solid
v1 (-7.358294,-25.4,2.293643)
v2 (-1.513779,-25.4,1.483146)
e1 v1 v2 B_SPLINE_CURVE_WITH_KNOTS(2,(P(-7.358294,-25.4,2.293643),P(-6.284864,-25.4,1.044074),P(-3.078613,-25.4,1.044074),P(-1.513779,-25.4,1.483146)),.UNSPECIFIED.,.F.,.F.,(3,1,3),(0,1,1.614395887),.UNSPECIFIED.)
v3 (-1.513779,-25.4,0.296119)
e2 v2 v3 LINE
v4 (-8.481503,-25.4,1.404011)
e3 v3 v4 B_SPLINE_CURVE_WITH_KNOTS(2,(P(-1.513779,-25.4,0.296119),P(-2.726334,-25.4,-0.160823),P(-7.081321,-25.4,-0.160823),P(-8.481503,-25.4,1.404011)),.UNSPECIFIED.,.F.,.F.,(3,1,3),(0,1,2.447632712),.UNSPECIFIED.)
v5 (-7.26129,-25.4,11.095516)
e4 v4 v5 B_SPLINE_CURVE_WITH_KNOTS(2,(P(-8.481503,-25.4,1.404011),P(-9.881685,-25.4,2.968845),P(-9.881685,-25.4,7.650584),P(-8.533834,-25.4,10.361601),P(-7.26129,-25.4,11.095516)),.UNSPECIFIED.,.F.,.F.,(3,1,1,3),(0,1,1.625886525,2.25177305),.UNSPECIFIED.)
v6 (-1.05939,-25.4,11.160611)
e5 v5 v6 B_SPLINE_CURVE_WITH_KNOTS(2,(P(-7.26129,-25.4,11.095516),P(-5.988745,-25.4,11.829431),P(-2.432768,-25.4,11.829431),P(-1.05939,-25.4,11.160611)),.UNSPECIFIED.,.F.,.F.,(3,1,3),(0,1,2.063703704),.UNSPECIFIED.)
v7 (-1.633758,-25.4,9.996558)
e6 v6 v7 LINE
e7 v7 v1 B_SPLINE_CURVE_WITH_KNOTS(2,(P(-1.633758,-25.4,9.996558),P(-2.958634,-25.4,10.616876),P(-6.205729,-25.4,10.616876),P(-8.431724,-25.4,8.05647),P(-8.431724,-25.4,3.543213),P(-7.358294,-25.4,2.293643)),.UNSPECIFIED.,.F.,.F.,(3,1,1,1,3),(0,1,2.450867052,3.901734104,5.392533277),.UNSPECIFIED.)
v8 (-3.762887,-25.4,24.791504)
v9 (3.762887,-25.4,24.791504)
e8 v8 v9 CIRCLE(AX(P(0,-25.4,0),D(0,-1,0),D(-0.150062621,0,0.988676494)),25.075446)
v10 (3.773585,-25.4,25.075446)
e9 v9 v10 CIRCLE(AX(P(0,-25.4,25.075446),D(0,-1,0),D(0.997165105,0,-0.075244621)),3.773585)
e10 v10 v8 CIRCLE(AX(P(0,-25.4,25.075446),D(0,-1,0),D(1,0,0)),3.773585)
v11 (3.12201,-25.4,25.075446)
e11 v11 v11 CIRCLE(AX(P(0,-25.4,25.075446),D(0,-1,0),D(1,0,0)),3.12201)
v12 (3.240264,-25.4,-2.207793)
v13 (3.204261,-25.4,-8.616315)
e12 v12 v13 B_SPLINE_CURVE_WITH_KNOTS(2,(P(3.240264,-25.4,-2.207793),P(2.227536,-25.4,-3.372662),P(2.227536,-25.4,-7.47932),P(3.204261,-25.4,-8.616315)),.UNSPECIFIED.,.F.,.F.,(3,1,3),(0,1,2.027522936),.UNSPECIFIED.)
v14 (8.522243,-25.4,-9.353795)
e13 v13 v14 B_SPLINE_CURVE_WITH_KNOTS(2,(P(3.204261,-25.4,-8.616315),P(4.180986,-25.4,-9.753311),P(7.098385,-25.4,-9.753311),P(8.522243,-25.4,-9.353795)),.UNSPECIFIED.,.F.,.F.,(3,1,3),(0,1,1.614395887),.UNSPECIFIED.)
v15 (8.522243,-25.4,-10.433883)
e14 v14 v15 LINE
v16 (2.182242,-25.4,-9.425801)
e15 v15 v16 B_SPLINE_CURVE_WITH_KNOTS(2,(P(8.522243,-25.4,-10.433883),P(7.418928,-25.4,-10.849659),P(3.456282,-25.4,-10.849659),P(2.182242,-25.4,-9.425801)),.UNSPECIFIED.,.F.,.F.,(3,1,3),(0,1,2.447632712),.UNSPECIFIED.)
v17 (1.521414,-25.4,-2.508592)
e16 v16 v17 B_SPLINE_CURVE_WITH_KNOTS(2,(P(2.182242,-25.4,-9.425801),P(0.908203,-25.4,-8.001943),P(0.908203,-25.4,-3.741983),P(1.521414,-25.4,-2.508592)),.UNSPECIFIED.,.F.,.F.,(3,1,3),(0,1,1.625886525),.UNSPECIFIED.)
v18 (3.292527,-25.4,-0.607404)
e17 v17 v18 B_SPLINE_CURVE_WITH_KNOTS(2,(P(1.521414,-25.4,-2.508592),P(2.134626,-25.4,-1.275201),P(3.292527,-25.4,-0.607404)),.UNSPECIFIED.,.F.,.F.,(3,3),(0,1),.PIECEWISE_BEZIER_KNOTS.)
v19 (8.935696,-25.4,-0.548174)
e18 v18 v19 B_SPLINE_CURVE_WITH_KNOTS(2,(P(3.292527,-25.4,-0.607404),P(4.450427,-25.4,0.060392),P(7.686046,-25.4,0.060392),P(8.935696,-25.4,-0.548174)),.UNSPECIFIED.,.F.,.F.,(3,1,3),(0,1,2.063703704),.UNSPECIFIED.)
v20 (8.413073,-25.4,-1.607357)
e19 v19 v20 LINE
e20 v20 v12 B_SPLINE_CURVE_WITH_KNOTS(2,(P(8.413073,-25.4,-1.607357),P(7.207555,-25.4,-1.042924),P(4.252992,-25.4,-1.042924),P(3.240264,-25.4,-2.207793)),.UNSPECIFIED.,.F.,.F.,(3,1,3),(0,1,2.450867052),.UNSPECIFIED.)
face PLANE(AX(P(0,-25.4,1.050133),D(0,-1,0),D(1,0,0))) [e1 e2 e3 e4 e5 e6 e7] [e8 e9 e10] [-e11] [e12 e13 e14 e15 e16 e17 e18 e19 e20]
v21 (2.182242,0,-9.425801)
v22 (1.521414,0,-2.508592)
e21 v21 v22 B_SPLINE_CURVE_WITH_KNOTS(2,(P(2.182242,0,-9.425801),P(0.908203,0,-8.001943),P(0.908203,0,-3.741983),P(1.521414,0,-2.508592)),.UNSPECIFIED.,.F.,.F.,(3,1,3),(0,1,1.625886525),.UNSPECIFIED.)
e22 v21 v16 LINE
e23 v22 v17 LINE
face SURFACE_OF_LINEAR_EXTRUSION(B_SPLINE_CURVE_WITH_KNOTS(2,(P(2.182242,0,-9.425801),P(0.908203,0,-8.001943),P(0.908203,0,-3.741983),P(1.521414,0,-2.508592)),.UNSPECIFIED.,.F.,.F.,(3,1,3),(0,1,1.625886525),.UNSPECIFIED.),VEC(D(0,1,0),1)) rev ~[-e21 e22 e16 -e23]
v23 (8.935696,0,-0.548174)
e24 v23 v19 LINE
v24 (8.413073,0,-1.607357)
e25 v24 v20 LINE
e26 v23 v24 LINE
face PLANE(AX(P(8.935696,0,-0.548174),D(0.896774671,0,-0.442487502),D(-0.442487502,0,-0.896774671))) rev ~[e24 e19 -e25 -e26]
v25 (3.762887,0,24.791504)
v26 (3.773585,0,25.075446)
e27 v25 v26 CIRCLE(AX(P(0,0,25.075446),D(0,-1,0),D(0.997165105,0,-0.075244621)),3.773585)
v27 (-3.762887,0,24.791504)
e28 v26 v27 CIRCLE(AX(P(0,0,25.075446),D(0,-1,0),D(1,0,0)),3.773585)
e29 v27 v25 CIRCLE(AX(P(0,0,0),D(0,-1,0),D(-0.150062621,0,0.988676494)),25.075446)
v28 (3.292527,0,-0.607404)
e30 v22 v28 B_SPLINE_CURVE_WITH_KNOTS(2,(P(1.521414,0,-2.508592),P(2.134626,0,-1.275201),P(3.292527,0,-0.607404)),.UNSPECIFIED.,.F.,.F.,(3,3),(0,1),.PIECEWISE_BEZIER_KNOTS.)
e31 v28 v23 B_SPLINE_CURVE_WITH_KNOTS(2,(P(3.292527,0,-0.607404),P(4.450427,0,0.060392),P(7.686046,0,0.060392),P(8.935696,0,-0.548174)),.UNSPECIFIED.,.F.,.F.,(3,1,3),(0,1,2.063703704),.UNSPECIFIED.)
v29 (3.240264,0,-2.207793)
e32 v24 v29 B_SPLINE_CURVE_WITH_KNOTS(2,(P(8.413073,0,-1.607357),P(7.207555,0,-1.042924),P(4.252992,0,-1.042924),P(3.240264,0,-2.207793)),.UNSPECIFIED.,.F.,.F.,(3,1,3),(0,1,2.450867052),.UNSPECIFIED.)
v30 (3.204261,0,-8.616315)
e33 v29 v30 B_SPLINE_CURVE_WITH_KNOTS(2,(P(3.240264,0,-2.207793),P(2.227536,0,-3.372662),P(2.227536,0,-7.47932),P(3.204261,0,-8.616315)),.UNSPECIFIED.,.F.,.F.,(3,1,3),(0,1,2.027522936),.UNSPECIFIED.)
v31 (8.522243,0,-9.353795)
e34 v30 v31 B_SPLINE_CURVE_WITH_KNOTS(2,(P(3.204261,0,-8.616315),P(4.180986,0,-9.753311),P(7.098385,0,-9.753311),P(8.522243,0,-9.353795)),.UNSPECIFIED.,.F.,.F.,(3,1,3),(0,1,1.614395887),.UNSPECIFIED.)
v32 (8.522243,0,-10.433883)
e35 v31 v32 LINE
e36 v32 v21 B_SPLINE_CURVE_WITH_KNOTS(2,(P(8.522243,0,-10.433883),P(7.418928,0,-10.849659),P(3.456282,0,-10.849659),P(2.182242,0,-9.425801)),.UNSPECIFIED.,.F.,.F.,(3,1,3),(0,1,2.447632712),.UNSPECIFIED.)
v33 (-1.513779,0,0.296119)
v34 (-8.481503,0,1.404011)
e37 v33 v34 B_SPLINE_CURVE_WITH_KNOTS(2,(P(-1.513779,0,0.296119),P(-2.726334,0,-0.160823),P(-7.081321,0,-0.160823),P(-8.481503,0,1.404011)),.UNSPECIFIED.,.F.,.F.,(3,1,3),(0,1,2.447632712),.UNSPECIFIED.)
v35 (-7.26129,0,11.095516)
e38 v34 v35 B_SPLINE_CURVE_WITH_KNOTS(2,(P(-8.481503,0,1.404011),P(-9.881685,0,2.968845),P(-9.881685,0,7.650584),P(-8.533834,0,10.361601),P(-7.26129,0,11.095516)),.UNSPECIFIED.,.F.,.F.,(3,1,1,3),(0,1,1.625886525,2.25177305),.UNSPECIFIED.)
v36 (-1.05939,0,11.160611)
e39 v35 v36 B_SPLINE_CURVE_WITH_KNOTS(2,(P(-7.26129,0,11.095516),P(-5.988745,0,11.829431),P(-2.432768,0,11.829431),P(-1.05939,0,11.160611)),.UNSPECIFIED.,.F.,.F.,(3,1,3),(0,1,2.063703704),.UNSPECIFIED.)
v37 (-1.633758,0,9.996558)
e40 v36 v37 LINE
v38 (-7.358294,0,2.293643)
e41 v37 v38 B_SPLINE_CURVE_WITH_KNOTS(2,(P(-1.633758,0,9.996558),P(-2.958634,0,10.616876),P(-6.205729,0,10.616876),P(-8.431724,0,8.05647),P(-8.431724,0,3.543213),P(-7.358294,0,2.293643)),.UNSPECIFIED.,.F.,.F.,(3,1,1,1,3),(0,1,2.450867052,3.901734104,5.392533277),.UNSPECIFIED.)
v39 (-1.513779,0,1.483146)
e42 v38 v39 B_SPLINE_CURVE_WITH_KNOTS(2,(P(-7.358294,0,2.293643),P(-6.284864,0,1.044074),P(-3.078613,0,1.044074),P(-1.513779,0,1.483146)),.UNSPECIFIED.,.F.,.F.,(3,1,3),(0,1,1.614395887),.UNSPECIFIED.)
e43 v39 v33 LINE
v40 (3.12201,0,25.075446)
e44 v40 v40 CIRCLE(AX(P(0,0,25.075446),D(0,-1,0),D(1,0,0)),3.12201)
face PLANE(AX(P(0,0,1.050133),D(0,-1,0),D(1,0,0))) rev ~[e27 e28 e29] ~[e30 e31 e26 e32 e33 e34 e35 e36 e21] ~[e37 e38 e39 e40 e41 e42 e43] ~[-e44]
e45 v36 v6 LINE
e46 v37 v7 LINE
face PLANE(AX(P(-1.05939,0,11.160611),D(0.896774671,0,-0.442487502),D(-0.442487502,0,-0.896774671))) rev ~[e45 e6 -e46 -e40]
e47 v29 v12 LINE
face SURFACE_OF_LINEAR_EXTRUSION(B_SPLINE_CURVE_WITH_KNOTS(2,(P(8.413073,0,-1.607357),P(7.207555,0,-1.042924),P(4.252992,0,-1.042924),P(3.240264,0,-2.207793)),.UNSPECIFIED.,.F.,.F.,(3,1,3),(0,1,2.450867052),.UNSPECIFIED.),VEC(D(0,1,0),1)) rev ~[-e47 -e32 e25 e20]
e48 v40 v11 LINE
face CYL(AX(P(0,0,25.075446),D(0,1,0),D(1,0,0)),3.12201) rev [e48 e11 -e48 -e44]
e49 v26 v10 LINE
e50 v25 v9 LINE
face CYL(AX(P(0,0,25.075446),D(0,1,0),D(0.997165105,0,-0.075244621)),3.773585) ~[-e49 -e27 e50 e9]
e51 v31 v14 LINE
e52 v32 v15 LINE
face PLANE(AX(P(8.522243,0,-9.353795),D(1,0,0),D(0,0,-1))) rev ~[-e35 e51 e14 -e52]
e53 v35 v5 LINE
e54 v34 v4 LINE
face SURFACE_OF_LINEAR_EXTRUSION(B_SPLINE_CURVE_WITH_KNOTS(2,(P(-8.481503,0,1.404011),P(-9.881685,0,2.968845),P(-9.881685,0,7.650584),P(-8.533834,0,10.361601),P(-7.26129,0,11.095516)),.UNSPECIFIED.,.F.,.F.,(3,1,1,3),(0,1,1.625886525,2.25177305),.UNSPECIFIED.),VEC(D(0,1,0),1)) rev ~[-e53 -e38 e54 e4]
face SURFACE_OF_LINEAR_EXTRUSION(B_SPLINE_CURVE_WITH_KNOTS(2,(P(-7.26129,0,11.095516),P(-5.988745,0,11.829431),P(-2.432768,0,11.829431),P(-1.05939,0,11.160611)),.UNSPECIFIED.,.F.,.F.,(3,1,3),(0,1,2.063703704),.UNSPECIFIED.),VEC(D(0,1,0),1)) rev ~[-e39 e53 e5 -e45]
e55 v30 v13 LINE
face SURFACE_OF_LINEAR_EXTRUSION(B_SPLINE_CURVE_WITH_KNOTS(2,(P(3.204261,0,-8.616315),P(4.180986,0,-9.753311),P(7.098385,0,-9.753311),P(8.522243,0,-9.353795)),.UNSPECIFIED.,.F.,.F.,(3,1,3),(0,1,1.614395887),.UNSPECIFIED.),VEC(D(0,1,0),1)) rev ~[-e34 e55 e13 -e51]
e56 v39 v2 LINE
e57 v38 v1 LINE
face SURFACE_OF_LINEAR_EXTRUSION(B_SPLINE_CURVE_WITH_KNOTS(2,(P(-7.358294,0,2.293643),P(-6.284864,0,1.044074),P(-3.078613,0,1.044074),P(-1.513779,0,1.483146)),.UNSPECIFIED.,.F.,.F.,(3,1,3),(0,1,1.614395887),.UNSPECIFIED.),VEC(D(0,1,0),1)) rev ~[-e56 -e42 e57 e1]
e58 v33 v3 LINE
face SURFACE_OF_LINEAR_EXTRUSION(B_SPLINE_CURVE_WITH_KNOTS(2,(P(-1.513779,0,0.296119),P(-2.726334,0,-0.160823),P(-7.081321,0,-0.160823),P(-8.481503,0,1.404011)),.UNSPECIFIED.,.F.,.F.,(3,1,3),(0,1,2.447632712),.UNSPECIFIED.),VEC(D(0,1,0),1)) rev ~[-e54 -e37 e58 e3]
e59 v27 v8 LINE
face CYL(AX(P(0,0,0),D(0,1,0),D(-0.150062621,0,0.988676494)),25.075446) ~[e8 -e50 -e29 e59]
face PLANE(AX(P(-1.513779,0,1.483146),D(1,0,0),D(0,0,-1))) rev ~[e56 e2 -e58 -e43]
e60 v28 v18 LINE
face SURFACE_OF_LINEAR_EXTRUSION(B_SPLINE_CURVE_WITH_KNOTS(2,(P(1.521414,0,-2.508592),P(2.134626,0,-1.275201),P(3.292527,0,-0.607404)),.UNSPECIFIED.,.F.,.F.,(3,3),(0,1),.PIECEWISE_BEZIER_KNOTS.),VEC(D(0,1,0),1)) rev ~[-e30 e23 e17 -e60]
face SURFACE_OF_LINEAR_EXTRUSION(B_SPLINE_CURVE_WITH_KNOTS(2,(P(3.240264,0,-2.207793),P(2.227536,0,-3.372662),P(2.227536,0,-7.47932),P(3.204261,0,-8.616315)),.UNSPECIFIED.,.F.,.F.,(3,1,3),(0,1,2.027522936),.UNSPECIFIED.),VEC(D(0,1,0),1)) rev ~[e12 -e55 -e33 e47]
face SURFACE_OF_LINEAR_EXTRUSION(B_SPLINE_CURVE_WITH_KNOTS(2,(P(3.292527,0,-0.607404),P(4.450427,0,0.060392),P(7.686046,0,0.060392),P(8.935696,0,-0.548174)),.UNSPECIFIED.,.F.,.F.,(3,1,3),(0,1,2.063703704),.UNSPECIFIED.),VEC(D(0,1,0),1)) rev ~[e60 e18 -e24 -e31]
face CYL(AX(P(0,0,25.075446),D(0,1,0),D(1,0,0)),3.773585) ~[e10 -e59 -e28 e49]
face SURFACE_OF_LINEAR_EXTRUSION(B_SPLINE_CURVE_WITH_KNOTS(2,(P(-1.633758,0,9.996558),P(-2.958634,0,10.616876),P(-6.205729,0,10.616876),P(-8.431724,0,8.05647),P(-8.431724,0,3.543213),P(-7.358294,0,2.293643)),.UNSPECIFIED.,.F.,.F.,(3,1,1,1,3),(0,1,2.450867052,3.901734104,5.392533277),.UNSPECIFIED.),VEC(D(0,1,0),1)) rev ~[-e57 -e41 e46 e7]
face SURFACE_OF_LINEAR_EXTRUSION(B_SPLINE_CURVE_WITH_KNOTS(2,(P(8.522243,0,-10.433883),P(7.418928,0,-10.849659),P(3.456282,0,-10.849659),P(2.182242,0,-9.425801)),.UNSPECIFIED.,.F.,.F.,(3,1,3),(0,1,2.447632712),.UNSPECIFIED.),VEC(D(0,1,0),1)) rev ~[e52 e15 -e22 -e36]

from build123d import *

# Parameters (mm, degrees)
F0_R     = 3.1220096901
F1_DEPTH = 25.4


with BuildPart() as f1:
    # F0 (on Front) → F1 (new body)
    with BuildSketch(Plane.XZ):
        with BuildLine():
            ThreePointArc((3.762887104, 24.7915036788), (0, 21.3018608193), (-3.762887104, 24.7915036788))
            ThreePointArc((-3.762887104, 24.7915036788), (0, -25.0754456394), (3.762887104, 24.7915036788))
        make_face()
        with BuildLine():
            add(Edge.make_bspline(
                [(8.4130730817, -1.6073568671), (7.2075554314, -1.0429237476), (6.0020377811, -1.0429237476)],
                knots=[0, 0, 0, 1, 1, 1], degree=2))
            add(Edge.make_bspline(
                [(6.0020377811, -1.0429237476), (4.2529919416, -1.0429237476), (3.2402642046, -2.2077929222)],
                knots=[0, 0, 0, 1, 1, 1], degree=2))
            add(Edge.make_bspline(
                [(3.2402642046, -2.2077929222), (2.2275364675, -3.3726620968), (2.2275364675, -5.3981175709)],
                knots=[0, 0, 0, 1, 1, 1], degree=2))
            add(Edge.make_bspline(
                [(2.2275364675, -5.3981175709), (2.2275364675, -7.479319526), (3.204261269, -8.6163154601)],
                knots=[0, 0, 0, 1, 1, 1], degree=2))
            add(Edge.make_bspline(
                [(3.204261269, -8.6163154601), (4.1809860704, -9.7533113943), (5.9881011609, -9.7533113943)],
                knots=[0, 0, 0, 1, 1, 1], degree=2))
            add(Edge.make_bspline(
                [(5.9881011609, -9.7533113943), (7.0983852396, -9.7533113943), (8.5222432735, -9.3537949476)],
                knots=[0, 0, 0, 1, 1, 1], degree=2))
            Line((8.5222432735, -9.3537949476), (8.5222432735, -10.4338830157))
            add(Edge.make_bspline(
                [(8.5222432735, -10.4338830157), (7.418927505, -10.8496588527), (5.7999567877, -10.8496588527)],
                knots=[0, 0, 0, 1, 1, 1], degree=2))
            add(Edge.make_bspline(
                [(5.7999567877, -10.8496588527), (3.4562818182, -10.8496588527), (2.1822424518, -9.4258008188)],
                knots=[0, 0, 0, 1, 1, 1], degree=2))
            add(Edge.make_bspline(
                [(2.1822424518, -9.4258008188), (0.9082030853, -8.0019427848), (0.9082030853, -5.3818581807)],
                knots=[0, 0, 0, 1, 1, 1], degree=2))
            add(Edge.make_bspline(
                [(0.9082030853, -5.3818581807), (0.9082030853, -3.741982533), (1.5214143756, -2.5085916423)],
                knots=[0, 0, 0, 1, 1, 1], degree=2))
            add(Edge.make_bspline(
                [(1.5214143756, -2.5085916423), (2.134625666, -1.2752007515), (3.2925265305, -0.6074043652)],
                knots=[0, 0, 0, 1, 1, 1], degree=2))
            add(Edge.make_bspline(
                [(3.2925265305, -0.6074043652), (4.450427395, 0.060392021), (6.0182971714, 0.060392021)],
                knots=[0, 0, 0, 1, 1, 1], degree=2))
            add(Edge.make_bspline(
                [(6.0182971714, 0.060392021), (7.6860460595, 0.060392021), (8.9356963405, -0.5481737292)],
                knots=[0, 0, 0, 1, 1, 1], degree=2))
            Line((8.9356963405, -0.5481737292), (8.4130730817, -1.6073568671))
        make_face(mode=Mode.SUBTRACT)
        with BuildLine():
            add(Edge.make_bspline(
                [(-1.6337582686, 9.9965584062), (-2.9586341146, 10.6168759988), (-4.2835099606, 10.6168759988)],
                knots=[0, 0, 0, 1, 1, 1], degree=2))
            add(Edge.make_bspline(
                [(-4.2835099606, 10.6168759988), (-6.2057286735, 10.6168759988), (-7.318726494, 9.3366732305)],
                knots=[0, 0, 0, 1, 1, 1], degree=2))
            add(Edge.make_bspline(
                [(-7.318726494, 9.3366732305), (-8.4317243145, 8.0564704622), (-8.4317243145, 5.8304748212)],
                knots=[0, 0, 0, 1, 1, 1], degree=2))
            add(Edge.make_bspline(
                [(-8.4317243145, 5.8304748212), (-8.4317243145, 3.5432132451), (-7.3582940771, 2.2936434443)],
                knots=[0, 0, 0, 1, 1, 1], degree=2))
            add(Edge.make_bspline(
                [(-7.3582940771, 2.2936434443), (-6.2848638396, 1.0440736435), (-4.2988264443, 1.0440736435)],
                knots=[0, 0, 0, 1, 1, 1], degree=2))
            add(Edge.make_bspline(
                [(-4.2988264443, 1.0440736435), (-3.0786132374, 1.0440736435), (-1.5137791458, 1.4831461782)],
                knots=[0, 0, 0, 1, 1, 1], degree=2))
            Line((-1.5137791458, 1.4831461782), (-1.5137791458, 0.2961186862))
            add(Edge.make_bspline(
                [(-1.5137791458, 0.2961186862), (-2.7263341108, -0.1608230796), (-4.5055989752, -0.1608230796)],
                knots=[0, 0, 0, 1, 1, 1], degree=2))
            add(Edge.make_bspline(
                [(-4.5055989752, -0.1608230796), (-7.0813209956, -0.1608230796), (-8.4815028868, 1.4040110121)],
                knots=[0, 0, 0, 1, 1, 1], degree=2))
            add(Edge.make_bspline(
                [(-8.4815028868, 1.4040110121), (-9.8816847779, 2.9688451038), (-9.8816847779, 5.8483440522)],
                knots=[0, 0, 0, 1, 1, 1], degree=2))
            add(Edge.make_bspline(
                [(-9.8816847779, 5.8483440522), (-9.8816847779, 7.6505836423), (-9.2077594921, 9.0060924558)],
                knots=[0, 0, 0, 1, 1, 1], degree=2))
            add(Edge.make_bspline(
                [(-9.2077594921, 9.0060924558), (-8.5338342063, 10.3616012693), (-7.2612896799, 11.0955161166)],
                knots=[0, 0, 0, 1, 1, 1], degree=2))
            add(Edge.make_bspline(
                [(-7.2612896799, 11.0955161166), (-5.9887451534, 11.8294309638), (-4.2656407295, 11.8294309638)],
                knots=[0, 0, 0, 1, 1, 1], degree=2))
            add(Edge.make_bspline(
                [(-4.2656407295, 11.8294309638), (-2.4327681719, 11.8294309638), (-1.0593901273, 11.1606111726)],
                knots=[0, 0, 0, 1, 1, 1], degree=2))
            Line((-1.0593901273, 11.1606111726), (-1.6337582686, 9.9965584062))
        make_face(mode=Mode.SUBTRACT)
        with BuildLine():
            ThreePointArc((3.7735848201, 25.0754456394), (-0.1420717056, 28.8463550821), (-3.762887104, 24.7915036788))
            ThreePointArc((-3.762887104, 24.7915036788), (0, 21.3018608193), (3.762887104, 24.7915036788))
            ThreePointArc((3.762887104, 24.7915036788), (3.7709094427, 24.9333739338), (3.7735848201, 25.0754456394))
        make_face()
        with Locations((0, 25.0754456394)):
            Circle(F0_R, mode=Mode.SUBTRACT)
    extrude(amount=F1_DEPTH)


solid = f1.part
